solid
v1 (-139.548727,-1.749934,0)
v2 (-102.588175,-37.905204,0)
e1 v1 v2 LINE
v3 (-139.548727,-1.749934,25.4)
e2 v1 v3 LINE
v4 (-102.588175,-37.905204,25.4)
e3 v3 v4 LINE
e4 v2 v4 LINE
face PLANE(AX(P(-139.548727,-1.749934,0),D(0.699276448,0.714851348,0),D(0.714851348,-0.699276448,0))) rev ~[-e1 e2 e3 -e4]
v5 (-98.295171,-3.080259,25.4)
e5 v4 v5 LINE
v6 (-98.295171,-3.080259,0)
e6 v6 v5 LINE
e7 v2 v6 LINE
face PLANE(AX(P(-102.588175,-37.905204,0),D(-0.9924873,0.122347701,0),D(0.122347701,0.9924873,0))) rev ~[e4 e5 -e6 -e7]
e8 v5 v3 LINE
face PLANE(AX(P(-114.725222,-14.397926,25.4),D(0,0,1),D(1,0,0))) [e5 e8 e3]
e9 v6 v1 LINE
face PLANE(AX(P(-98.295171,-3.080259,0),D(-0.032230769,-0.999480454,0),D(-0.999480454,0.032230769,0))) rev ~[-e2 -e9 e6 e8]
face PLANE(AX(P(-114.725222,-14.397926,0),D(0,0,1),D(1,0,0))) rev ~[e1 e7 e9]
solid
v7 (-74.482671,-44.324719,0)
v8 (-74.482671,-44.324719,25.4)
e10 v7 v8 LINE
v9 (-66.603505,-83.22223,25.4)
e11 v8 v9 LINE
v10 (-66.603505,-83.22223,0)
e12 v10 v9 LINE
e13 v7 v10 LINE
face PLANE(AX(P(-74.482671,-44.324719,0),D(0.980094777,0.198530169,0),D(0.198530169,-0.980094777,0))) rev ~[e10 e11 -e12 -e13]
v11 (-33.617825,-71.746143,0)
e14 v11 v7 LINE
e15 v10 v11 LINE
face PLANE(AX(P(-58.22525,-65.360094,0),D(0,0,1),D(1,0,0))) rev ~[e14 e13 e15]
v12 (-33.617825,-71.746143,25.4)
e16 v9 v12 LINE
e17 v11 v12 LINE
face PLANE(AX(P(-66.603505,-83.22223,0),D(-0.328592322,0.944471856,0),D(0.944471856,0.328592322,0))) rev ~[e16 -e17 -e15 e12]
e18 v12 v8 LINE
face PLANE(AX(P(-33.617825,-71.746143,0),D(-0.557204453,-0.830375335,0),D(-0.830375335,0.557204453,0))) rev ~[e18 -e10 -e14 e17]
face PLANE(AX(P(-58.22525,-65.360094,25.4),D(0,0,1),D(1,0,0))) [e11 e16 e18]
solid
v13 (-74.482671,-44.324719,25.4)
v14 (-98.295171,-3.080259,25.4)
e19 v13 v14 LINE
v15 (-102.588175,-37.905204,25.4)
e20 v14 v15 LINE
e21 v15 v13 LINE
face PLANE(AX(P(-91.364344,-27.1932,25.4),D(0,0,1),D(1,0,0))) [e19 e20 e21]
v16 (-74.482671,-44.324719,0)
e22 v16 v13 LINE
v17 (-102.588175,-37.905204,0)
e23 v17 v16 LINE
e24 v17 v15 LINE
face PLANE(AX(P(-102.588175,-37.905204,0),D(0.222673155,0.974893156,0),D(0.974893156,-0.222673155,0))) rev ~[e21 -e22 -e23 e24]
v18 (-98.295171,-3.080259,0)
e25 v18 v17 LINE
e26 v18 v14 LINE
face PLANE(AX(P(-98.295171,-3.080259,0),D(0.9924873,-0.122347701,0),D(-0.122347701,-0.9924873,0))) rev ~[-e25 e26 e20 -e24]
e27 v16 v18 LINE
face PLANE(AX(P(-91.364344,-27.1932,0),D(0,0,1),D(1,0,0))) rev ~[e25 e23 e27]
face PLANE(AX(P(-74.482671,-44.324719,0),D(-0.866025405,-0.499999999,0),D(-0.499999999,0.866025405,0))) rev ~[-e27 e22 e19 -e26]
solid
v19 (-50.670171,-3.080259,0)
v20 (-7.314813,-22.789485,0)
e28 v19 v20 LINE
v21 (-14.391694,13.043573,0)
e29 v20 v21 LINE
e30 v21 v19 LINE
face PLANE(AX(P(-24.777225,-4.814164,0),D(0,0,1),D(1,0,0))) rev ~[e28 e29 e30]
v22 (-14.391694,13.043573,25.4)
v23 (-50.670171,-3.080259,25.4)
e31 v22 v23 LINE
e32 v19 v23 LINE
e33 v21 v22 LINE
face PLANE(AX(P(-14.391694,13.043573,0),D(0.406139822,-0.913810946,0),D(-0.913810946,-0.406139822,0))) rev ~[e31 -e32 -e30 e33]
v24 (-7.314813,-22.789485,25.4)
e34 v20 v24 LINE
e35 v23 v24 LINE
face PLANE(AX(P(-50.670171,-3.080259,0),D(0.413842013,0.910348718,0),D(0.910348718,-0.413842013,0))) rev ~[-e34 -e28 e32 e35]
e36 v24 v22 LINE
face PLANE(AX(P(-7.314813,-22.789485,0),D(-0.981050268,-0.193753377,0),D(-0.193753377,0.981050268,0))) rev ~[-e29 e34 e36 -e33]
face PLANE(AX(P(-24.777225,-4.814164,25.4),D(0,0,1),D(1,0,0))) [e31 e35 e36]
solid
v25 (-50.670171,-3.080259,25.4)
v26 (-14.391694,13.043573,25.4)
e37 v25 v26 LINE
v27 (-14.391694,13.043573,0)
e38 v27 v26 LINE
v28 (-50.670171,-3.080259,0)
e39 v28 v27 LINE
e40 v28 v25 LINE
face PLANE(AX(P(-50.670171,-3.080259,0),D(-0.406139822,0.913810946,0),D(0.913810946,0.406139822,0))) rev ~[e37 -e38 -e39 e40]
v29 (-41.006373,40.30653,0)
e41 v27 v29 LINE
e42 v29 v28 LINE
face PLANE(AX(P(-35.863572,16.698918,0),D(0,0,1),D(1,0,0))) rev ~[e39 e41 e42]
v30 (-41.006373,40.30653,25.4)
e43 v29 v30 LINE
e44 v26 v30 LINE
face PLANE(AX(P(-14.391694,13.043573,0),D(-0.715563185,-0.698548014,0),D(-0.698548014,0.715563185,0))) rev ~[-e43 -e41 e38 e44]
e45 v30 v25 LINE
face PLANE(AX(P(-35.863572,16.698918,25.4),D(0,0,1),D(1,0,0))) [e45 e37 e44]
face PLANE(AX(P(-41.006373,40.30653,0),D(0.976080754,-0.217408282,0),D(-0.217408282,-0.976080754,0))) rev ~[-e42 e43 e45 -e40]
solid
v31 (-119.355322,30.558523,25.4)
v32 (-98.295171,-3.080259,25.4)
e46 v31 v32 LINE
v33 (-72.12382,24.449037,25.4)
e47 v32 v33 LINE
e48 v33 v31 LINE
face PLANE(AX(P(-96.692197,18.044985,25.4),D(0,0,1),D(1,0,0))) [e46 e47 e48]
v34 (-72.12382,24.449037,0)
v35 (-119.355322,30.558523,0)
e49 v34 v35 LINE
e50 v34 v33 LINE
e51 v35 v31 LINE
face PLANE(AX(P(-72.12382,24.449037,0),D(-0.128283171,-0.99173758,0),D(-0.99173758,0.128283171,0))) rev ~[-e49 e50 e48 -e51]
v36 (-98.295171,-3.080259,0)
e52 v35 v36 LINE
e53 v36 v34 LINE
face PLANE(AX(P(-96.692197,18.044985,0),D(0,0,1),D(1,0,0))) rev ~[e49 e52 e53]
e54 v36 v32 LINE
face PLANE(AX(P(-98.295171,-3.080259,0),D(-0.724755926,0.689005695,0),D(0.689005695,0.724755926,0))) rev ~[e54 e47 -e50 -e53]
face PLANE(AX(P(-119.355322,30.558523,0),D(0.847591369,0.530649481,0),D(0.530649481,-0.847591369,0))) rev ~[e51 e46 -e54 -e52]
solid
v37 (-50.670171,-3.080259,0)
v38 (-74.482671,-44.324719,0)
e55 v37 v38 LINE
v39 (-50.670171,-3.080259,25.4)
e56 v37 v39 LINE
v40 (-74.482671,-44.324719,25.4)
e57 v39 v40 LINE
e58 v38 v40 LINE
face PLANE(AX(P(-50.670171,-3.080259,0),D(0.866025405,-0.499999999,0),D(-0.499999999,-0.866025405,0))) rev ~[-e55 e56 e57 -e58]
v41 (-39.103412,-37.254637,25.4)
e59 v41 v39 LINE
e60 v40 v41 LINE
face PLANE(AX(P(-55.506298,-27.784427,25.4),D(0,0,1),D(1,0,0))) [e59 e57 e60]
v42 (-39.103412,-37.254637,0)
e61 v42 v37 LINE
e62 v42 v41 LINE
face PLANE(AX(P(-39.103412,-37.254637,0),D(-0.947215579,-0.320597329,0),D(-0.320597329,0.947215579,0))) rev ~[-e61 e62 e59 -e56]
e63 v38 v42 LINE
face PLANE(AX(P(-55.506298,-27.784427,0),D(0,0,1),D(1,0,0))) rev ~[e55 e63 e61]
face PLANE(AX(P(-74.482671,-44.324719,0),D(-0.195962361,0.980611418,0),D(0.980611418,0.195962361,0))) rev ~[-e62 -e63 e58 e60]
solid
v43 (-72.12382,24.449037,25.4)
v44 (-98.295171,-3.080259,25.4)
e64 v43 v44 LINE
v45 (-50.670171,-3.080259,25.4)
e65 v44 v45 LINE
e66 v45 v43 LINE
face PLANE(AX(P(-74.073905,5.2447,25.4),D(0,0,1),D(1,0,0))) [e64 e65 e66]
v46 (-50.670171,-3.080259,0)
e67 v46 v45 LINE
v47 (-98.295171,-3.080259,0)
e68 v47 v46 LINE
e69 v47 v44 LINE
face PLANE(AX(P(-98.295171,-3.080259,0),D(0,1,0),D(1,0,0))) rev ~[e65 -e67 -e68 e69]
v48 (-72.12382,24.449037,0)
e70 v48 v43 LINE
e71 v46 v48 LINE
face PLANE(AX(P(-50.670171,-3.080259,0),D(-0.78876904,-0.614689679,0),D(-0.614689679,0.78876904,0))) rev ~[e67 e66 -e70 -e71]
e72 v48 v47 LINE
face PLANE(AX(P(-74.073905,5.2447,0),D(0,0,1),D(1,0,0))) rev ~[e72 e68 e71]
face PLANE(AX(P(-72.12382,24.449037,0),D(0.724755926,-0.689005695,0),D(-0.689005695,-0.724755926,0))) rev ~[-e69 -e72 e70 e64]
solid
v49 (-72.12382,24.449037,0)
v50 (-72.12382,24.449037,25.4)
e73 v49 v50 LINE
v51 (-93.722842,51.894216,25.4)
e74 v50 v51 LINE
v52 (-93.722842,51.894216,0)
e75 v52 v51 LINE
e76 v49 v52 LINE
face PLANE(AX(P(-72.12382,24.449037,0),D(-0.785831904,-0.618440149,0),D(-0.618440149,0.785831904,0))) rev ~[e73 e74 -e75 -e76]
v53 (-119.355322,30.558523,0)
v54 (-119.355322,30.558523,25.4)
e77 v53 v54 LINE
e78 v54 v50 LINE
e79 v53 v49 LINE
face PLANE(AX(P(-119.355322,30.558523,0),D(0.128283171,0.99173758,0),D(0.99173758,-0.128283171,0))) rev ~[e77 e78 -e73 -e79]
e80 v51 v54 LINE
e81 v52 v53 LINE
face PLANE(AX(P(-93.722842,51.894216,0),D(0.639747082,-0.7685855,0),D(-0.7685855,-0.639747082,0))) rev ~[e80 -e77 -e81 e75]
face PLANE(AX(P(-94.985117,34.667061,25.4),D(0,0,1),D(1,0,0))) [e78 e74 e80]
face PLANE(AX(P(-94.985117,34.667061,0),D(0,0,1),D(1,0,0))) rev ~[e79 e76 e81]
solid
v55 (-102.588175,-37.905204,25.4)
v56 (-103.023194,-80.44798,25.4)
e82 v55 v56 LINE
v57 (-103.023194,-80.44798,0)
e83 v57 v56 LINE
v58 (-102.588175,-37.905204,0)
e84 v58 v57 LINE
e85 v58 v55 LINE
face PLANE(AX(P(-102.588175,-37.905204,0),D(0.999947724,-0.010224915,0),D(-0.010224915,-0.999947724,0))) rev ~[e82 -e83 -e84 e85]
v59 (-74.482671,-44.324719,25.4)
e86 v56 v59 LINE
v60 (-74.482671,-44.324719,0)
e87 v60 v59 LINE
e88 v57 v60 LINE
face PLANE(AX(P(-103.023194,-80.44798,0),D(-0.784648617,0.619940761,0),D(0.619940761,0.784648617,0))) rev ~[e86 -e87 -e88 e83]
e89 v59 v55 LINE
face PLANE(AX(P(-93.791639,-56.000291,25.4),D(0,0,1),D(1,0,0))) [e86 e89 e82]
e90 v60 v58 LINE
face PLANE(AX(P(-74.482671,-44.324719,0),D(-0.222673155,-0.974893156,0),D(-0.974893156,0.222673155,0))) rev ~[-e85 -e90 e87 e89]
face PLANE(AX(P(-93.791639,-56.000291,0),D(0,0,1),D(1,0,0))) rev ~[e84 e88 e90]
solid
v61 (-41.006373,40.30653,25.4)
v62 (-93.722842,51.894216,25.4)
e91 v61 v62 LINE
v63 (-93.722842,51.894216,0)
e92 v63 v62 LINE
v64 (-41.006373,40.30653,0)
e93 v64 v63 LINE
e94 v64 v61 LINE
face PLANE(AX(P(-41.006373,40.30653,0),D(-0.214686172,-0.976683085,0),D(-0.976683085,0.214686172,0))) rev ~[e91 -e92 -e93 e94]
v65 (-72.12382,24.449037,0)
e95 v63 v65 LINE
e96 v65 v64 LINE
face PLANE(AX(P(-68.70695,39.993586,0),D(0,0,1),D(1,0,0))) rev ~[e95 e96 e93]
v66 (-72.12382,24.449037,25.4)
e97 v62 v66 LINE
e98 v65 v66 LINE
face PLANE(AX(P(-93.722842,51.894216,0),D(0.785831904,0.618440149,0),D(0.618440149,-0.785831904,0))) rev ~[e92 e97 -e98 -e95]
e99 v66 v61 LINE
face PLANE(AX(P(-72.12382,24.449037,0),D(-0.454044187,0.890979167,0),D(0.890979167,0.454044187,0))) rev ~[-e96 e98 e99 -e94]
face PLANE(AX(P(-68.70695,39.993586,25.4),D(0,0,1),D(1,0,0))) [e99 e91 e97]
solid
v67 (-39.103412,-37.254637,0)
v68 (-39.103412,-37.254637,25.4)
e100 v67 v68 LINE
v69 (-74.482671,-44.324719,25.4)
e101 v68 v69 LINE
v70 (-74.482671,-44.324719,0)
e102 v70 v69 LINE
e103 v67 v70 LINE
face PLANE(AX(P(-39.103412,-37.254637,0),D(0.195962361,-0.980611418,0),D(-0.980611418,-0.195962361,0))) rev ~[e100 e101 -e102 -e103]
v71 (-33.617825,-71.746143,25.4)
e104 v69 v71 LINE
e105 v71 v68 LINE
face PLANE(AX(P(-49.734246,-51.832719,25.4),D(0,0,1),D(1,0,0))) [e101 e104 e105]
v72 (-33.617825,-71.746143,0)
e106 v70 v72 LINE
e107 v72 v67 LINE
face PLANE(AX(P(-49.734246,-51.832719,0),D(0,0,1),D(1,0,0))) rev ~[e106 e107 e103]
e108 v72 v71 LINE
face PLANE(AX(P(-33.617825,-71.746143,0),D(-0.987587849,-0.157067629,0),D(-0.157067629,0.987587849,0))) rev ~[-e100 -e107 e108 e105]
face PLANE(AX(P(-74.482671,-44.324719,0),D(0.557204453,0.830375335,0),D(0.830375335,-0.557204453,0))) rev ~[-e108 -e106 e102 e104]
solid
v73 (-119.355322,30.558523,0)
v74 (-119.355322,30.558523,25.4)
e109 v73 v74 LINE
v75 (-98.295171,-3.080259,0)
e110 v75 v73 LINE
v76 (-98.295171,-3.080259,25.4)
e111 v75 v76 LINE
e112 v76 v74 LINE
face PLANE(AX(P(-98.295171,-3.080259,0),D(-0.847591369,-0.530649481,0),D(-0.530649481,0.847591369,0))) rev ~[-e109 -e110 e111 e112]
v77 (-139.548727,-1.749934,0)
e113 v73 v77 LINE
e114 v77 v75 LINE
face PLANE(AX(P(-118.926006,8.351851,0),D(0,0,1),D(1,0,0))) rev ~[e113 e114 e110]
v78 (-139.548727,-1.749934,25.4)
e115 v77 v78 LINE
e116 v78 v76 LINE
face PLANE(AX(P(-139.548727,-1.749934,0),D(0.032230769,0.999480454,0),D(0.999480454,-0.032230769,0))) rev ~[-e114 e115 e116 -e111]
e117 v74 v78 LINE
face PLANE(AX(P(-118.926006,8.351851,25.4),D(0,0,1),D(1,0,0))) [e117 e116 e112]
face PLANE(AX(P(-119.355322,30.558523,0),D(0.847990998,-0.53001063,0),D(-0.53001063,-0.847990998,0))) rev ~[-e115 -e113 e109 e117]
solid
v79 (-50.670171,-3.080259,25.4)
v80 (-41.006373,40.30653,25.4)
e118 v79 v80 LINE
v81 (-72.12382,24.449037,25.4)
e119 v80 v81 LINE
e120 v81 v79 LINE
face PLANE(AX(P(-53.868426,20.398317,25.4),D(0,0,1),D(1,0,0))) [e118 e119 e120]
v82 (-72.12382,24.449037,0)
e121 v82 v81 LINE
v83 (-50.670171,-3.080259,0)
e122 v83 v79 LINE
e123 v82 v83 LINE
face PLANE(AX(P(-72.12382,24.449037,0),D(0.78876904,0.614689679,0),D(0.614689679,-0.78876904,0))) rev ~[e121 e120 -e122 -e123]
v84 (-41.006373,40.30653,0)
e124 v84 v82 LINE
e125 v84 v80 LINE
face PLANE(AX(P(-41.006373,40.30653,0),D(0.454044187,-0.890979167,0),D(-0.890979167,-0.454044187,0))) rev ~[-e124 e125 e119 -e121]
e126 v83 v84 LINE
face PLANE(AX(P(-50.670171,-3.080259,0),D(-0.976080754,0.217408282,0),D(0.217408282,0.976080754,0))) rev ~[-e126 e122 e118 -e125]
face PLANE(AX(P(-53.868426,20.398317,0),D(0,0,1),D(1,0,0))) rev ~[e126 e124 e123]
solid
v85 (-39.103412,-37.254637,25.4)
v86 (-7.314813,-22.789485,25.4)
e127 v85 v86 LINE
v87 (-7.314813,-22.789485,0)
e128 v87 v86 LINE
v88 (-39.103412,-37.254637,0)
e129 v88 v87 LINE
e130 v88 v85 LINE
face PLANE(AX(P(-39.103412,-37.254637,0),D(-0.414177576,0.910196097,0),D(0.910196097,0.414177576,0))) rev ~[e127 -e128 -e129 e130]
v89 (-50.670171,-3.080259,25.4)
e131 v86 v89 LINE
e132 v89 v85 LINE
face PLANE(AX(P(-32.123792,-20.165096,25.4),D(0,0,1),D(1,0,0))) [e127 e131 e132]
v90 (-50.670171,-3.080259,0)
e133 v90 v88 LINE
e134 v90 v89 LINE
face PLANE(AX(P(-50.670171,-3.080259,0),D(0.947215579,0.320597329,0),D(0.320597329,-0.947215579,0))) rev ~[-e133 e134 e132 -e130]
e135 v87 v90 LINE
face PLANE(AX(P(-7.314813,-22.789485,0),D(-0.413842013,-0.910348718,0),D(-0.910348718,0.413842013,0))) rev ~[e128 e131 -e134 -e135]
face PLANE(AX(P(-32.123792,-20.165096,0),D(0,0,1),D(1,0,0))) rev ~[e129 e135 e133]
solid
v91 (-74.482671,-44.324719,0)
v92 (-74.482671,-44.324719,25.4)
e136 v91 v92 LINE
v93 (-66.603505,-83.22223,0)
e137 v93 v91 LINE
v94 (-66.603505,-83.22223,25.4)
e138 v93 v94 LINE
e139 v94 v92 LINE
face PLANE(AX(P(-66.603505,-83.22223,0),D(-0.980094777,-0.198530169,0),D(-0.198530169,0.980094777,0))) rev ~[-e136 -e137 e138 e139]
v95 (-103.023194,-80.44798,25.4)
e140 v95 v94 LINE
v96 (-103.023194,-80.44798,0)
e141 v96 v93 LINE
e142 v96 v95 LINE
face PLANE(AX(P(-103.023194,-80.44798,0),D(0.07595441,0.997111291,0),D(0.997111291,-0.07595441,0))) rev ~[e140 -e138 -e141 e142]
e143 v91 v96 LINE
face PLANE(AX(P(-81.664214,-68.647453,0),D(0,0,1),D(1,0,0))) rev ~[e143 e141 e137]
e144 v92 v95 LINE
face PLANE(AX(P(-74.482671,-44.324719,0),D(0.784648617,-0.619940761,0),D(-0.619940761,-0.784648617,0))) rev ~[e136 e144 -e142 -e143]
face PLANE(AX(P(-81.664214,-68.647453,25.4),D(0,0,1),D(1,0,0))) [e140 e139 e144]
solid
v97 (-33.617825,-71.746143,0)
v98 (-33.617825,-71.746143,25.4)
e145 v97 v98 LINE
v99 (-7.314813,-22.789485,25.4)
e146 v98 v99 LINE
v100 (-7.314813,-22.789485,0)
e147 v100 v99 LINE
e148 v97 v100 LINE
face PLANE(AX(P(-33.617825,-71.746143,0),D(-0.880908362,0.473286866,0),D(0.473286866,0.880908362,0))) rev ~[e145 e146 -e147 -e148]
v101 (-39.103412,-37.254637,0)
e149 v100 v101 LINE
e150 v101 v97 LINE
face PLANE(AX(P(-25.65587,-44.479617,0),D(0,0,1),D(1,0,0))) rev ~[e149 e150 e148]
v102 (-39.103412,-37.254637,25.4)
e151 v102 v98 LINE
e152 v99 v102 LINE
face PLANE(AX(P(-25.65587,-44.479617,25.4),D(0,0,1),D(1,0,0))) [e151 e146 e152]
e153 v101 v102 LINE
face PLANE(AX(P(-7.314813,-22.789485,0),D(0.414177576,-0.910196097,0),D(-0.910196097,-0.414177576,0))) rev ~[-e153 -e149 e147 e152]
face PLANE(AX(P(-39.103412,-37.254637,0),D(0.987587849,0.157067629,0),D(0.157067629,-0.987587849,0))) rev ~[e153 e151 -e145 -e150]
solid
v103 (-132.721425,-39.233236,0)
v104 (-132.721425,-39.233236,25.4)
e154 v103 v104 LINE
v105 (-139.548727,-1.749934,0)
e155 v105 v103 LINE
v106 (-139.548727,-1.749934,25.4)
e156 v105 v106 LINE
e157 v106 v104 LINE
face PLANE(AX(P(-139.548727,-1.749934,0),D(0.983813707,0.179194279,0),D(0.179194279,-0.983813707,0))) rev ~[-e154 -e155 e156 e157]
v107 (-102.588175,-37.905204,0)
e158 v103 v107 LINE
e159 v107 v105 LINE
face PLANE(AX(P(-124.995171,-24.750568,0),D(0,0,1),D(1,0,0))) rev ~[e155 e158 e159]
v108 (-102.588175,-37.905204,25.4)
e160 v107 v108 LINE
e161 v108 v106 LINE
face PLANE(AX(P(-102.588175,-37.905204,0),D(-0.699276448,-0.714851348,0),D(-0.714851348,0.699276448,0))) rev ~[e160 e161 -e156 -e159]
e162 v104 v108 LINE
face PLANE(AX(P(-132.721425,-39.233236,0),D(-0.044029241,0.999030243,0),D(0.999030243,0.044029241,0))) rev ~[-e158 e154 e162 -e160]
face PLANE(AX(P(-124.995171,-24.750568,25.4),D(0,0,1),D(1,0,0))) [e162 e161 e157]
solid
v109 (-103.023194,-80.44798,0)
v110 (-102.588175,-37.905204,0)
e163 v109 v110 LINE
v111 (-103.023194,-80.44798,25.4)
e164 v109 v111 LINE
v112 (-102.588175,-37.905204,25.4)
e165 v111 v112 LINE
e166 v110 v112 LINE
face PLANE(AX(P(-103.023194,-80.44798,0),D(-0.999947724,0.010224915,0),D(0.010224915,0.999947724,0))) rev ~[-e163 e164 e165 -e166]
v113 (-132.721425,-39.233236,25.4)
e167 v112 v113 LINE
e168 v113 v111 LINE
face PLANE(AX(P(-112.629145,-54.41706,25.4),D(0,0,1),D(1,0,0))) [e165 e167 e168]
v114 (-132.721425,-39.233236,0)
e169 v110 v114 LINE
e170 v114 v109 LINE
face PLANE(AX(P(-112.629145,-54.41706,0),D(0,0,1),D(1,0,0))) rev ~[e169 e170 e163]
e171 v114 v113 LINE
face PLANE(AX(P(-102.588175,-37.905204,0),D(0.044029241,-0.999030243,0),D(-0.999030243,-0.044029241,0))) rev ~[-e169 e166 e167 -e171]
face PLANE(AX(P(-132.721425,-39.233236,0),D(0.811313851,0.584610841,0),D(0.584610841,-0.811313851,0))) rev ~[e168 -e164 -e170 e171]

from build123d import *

# Parameters (mm, degrees)
F1_DEPTH = 25.4
F2_DEPTH = 25.4
F3_DEPTH = 25.4


with BuildPart() as f1:
    # F0 (on Top) → F1 (new body)
    with BuildSketch(Plane.XY):
        Polygon((-139.548727, -1.749934), (-98.295171, -3.080259), (-119.355322, 30.558523), align=None)
        Polygon((-102.588175, -37.905204), (-74.482671, -44.324719), (-98.295171, -3.080259), align=None)
        Polygon((-132.721425, -39.233236), (-103.023194, -80.44798), (-102.588175, -37.905204), align=None)
        Polygon((-66.603505, -83.22223), (-74.482671, -44.324719), (-103.023194, -80.44798), align=None)
        Polygon((-39.103412, -37.254637), (-74.482671, -44.324719), (-33.617825, -71.746143), align=None)
        Polygon((-7.314813, -22.789485), (-50.670171, -3.080259), (-39.103412, -37.254637), align=None)
        Polygon((-41.006373, 40.30653), (-50.670171, -3.080259), (-14.391694, 13.043573), align=None)
        Polygon((-93.722842, 51.894216), (-72.12382, 24.449037), (-41.006373, 40.30653), align=None)
        Polygon((-72.12382, 24.449037), (-98.295171, -3.080259), (-50.670171, -3.080259), align=None)
    extrude(amount=F1_DEPTH)


with BuildPart() as f2:
    # F0 (on Top) → F2 (new body)
    with BuildSketch(Plane.XY):
        Polygon((-93.722842, 51.894216), (-119.355322, 30.558523), (-72.12382, 24.449037), align=None)
        Polygon((-72.12382, 24.449037), (-50.670171, -3.080259), (-41.006373, 40.30653), align=None)
        Polygon((-14.391694, 13.043573), (-50.670171, -3.080259), (-7.314813, -22.789485), align=None)
        Polygon((-39.103412, -37.254637), (-33.617825, -71.746143), (-7.314813, -22.789485), align=None)
        Polygon((-50.670171, -3.080259), (-74.482671, -44.324719), (-39.103412, -37.254637), align=None)
        Polygon((-33.617825, -71.746143), (-74.482671, -44.324719), (-66.603505, -83.22223), align=None)
        Polygon((-103.023194, -80.44798), (-74.482671, -44.324719), (-102.588175, -37.905204), align=None)
        Polygon((-132.721425, -39.233236), (-102.588175, -37.905204), (-139.548727, -1.749934), align=None)
    extrude(amount=F2_DEPTH)


with BuildPart() as f3:
    # F0 (on Top) → F3 (new body)
    with BuildSketch(Plane.XY):
        Polygon((-102.588175, -37.905204), (-98.295171, -3.080259), (-139.548727, -1.749934), align=None)
        Polygon((-119.355322, 30.558523), (-98.295171, -3.080259), (-72.12382, 24.449037), align=None)
    extrude(amount=F3_DEPTH)


solid = Compound([f1.part, f2.part, f3.part])
